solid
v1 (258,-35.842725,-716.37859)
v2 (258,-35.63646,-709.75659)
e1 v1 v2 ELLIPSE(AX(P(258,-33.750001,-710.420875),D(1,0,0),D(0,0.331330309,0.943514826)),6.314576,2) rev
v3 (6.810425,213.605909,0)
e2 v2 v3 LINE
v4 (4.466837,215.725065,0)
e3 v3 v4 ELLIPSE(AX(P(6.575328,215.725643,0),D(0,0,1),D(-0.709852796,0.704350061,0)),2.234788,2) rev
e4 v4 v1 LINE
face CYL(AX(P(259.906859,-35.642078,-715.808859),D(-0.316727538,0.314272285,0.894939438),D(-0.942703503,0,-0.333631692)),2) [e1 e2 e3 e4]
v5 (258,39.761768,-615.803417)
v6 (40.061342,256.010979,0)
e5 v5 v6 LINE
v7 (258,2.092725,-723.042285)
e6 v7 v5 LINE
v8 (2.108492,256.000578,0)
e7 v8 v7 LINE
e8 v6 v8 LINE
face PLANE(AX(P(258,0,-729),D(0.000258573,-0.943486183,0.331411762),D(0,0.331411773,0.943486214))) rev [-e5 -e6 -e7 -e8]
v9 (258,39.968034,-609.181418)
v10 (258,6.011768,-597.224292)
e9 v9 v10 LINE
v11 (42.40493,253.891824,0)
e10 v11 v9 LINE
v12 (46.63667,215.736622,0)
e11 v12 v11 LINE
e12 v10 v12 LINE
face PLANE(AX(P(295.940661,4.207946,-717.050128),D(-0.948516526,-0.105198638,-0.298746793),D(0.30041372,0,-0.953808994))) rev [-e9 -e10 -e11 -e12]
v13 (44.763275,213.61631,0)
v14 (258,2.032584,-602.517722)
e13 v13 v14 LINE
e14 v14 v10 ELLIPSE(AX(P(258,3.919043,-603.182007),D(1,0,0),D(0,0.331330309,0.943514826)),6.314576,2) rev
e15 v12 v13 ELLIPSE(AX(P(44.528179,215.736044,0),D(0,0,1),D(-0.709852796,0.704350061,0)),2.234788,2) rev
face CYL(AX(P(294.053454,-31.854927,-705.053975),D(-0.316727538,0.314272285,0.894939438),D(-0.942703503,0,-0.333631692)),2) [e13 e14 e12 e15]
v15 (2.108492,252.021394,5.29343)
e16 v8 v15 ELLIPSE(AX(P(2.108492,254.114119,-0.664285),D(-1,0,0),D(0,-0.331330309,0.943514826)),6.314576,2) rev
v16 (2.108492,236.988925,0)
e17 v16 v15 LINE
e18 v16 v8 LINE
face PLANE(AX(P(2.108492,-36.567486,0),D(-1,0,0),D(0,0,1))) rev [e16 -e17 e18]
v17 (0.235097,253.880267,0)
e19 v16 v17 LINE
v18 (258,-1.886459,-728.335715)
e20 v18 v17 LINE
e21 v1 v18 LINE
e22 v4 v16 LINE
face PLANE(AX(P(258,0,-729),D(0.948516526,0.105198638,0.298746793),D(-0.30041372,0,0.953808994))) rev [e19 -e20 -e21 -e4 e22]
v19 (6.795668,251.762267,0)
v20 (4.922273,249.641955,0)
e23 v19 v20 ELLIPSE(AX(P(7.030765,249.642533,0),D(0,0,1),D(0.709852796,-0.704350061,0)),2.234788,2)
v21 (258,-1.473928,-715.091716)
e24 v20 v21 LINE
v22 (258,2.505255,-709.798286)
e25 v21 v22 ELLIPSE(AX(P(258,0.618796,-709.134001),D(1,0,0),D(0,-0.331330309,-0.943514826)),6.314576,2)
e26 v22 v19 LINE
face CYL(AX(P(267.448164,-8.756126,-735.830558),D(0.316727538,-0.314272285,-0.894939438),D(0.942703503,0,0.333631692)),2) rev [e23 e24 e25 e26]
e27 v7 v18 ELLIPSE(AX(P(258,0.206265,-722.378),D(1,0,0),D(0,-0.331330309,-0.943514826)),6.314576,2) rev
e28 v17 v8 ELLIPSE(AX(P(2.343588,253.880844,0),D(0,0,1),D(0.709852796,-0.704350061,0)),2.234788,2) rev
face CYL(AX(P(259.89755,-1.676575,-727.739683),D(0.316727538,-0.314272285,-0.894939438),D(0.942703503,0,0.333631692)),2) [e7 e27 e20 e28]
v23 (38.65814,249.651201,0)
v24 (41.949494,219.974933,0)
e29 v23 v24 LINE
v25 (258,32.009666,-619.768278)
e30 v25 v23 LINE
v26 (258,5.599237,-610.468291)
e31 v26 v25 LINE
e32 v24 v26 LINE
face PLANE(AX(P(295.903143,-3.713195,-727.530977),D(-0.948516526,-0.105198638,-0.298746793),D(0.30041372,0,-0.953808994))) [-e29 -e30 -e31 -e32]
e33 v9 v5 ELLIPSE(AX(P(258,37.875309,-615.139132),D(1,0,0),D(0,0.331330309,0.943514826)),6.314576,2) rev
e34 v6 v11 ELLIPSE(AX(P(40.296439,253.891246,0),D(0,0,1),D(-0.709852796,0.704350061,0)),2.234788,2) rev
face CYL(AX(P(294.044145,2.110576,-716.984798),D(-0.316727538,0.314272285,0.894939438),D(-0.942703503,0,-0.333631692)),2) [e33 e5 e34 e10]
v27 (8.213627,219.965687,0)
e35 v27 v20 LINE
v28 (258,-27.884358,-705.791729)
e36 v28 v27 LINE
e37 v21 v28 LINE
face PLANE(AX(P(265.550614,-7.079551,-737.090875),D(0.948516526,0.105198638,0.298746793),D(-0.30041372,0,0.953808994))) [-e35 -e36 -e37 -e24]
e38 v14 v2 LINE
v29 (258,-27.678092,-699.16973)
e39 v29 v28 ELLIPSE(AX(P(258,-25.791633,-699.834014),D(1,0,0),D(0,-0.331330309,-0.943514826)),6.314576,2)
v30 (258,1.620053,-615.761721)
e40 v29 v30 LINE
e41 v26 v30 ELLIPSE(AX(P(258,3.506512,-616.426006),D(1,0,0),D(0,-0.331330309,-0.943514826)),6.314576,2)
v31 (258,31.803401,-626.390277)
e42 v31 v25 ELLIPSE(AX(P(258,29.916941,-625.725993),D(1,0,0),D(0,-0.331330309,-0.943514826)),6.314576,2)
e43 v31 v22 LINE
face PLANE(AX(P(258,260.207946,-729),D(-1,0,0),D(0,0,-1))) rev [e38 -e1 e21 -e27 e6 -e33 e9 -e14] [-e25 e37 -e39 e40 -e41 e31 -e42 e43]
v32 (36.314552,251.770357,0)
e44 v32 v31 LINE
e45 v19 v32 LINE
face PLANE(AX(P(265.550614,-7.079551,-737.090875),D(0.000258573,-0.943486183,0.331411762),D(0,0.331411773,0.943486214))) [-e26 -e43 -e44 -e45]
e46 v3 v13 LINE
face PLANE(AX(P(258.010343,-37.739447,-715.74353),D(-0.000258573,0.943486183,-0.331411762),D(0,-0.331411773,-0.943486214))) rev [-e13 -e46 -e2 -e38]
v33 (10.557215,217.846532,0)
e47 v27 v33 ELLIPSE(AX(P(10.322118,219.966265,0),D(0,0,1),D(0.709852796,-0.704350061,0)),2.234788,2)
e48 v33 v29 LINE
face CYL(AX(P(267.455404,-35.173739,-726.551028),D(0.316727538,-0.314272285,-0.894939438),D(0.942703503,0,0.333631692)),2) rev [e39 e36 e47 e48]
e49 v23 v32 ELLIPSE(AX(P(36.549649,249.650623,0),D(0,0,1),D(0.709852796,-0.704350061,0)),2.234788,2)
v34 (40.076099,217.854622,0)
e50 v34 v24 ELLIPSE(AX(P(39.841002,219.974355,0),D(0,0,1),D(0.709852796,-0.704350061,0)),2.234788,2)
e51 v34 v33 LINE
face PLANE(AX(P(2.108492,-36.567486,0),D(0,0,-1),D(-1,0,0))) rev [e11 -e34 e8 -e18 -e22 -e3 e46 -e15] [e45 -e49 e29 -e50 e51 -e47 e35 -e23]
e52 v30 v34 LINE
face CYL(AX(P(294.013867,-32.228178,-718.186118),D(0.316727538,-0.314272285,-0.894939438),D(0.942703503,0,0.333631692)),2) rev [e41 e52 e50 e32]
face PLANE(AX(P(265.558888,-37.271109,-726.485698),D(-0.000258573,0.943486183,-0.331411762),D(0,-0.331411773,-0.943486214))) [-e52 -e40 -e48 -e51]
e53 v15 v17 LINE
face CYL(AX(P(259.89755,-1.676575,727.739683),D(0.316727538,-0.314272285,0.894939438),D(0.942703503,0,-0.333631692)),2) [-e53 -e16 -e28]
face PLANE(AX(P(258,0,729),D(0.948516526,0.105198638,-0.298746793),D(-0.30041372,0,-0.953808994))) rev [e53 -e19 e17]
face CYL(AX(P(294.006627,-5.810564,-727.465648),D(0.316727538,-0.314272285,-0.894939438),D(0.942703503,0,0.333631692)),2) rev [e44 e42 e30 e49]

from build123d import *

# Parameters (mm, degrees)
BOSS_EXTRU_1_DEPTH            = 729
ENL_V_MAT_EXTRU_1_DEPTH       = 727
ESQUISSE3_W                   = 40
ESQUISSE3_H                   = 40
BOSS_EXTRU_2_DEPTH            = 814.58026
ENL_V_MAT_EXTRU_2_DEPTH       = 829.69546376
ENL_V_MAT_EXTRU_2_DEPTH_BACK  = 829.69546376
ESQUISSE4_W                   = 98.578400591
ESQUISSE4_H                   = 147.950096535
ESQUISSE4_W_2                 = 77.840885054
ESQUISSE4_H_2                 = 46.084081252
ESQUISSE7_W                   = 821.544509843
ESQUISSE7_H                   = 616.158382383
ESQUISSE7_W_2                 = 40
ESQUISSE7_H_2                 = 40
ENL_V_MAT_EXTRU_6_DEPTH       = 828.213294061
ESQUISSE8_W                   = 32
ESQUISSE8_H                   = 32
ENL_V_MAT_EXTRU_9_DEPTH       = 828.213294061
CONG_2_R                      = 2
ENL_V_MAT_EXTRU_10_DEPTH      = 815.022307134
ENL_V_MAT_EXTRU_10_DEPTH_BACK = 815.022307134
ESQUISSE9_W                   = 398.467294392
ESQUISSE9_H                   = 786.430421472


with BuildPart() as part:
    # Esquisse1 → Boss.-Extru.1 (new body)
    with BuildSketch(Plane.XY):
        Polygon((0, 0), (258, 0), (0, 256), align=None)
    extrude(amount=BOSS_EXTRU_1_DEPTH)

    # Esquisse2 → Enlèv. mat.-Extru.1 (cut)
    with BuildSketch(Plane.ZY):
        Polygon((0, 256), (729, 0), (729, 256), align=None)
    extrude(amount=-ENL_V_MAT_EXTRU_1_DEPTH, mode=Mode.SUBTRACT)

    # Esquisse3 → Boss.-Extru.2 (add)
    with BuildSketch(Plane(origin=(0, 256, 0), x_dir=(0.948516525956314, 0.10519863837129277, -0.2987467932423567), z_dir=(0.31672753768478995, -0.31427228545467534, 0.8949394378767902))):
        with Locations((20, -20)):
            Rectangle(ESQUISSE3_W, ESQUISSE3_H)
    extrude(amount=BOSS_EXTRU_2_DEPTH)

    # Esquisse4 → Enlèv. mat.-Extru.2 (cut, two sides: drawn at the far end of the back side and taken through both)
    with BuildSketch(Plane(origin=(0, 0, 0), x_dir=(-1, 0, 0), z_dir=(0, -1, 0)).offset(-ENL_V_MAT_EXTRU_2_DEPTH_BACK)):
        with Locations((-307.289200295, -655.024951733)):
            Rectangle(ESQUISSE4_W, ESQUISSE4_H)
        with Locations((-38.920442527, 23.042040626)):
            Rectangle(ESQUISSE4_W_2, ESQUISSE4_H_2)
    extrude(amount=ENL_V_MAT_EXTRU_2_DEPTH + ENL_V_MAT_EXTRU_2_DEPTH_BACK, mode=Mode.SUBTRACT)

    # Esquisse7 → Enlèv. mat.-Extru.6 (cut, through all)
    with BuildSketch(Plane(origin=(0, 256, 0), x_dir=(0.948516525956314, 0.10519863837129277, -0.2987467932423567), z_dir=(0.31672753768478995, -0.31427228545467534, 0.8949394378767902))):
        with Locations((22.907114777, -53.97111912)):
            Rectangle(ESQUISSE7_W, ESQUISSE7_H)
        with Locations((20, -20)):
            Rectangle(ESQUISSE7_W_2, ESQUISSE7_H_2, mode=Mode.SUBTRACT)
    extrude(amount=ENL_V_MAT_EXTRU_6_DEPTH, mode=Mode.SUBTRACT)

    # Esquisse8 → Enlèv. mat.-Extru.9 (cut, through all)
    with BuildSketch(Plane(origin=(0, 256, 0), x_dir=(0.948516525956314, 0.10519863837129277, -0.2987467932423567), z_dir=(0.31672753768478995, -0.31427228545467534, 0.8949394378767902))):
        with Locations((20, -20)):
            Rectangle(ESQUISSE8_W, ESQUISSE8_H)
    extrude(amount=ENL_V_MAT_EXTRU_9_DEPTH, mode=Mode.SUBTRACT)

    # Congé2
    cong_2_edges = [part.edges().sort_by_distance(p)[0] for p in [
        (131.343588352, 126.087109834, 357.878000354),
        (133.224361668, 94.037568496, 352.563722265),
        (150.092295167, 110.783988508, 304.90200319),
        (148.211521852, 142.833529846, 310.21628128),
        (129, 128, 364.5),
        (150.084916875, 148.933025015, 304.922851157),
        (152.435883519, 108.871098342, 298.280003544),
        (131.350966645, 87.938073327, 357.857152388),
    ]]
    fillet(cong_2_edges, radius=CONG_2_R)

    # Symétrie4: part across plane


with BuildPart() as part_1:
    add(part.part)
    add(part.part.mirror(Plane.XY))

    # Esquisse9 → Enlèv. mat.-Extru.10 (cut, two sides: drawn at the far end of the back side and taken through both)
    with BuildSketch(Plane(origin=(0, 0, 0), x_dir=(1, 0, 0), z_dir=(0, 1, 0)).offset(-ENL_V_MAT_EXTRU_10_DEPTH_BACK)):
        with Locations((201.342138883, -393.215210736)):
            Rectangle(ESQUISSE9_W, ESQUISSE9_H)
    extrude(amount=ENL_V_MAT_EXTRU_10_DEPTH + ENL_V_MAT_EXTRU_10_DEPTH_BACK, mode=Mode.SUBTRACT)


solid = part_1.part
